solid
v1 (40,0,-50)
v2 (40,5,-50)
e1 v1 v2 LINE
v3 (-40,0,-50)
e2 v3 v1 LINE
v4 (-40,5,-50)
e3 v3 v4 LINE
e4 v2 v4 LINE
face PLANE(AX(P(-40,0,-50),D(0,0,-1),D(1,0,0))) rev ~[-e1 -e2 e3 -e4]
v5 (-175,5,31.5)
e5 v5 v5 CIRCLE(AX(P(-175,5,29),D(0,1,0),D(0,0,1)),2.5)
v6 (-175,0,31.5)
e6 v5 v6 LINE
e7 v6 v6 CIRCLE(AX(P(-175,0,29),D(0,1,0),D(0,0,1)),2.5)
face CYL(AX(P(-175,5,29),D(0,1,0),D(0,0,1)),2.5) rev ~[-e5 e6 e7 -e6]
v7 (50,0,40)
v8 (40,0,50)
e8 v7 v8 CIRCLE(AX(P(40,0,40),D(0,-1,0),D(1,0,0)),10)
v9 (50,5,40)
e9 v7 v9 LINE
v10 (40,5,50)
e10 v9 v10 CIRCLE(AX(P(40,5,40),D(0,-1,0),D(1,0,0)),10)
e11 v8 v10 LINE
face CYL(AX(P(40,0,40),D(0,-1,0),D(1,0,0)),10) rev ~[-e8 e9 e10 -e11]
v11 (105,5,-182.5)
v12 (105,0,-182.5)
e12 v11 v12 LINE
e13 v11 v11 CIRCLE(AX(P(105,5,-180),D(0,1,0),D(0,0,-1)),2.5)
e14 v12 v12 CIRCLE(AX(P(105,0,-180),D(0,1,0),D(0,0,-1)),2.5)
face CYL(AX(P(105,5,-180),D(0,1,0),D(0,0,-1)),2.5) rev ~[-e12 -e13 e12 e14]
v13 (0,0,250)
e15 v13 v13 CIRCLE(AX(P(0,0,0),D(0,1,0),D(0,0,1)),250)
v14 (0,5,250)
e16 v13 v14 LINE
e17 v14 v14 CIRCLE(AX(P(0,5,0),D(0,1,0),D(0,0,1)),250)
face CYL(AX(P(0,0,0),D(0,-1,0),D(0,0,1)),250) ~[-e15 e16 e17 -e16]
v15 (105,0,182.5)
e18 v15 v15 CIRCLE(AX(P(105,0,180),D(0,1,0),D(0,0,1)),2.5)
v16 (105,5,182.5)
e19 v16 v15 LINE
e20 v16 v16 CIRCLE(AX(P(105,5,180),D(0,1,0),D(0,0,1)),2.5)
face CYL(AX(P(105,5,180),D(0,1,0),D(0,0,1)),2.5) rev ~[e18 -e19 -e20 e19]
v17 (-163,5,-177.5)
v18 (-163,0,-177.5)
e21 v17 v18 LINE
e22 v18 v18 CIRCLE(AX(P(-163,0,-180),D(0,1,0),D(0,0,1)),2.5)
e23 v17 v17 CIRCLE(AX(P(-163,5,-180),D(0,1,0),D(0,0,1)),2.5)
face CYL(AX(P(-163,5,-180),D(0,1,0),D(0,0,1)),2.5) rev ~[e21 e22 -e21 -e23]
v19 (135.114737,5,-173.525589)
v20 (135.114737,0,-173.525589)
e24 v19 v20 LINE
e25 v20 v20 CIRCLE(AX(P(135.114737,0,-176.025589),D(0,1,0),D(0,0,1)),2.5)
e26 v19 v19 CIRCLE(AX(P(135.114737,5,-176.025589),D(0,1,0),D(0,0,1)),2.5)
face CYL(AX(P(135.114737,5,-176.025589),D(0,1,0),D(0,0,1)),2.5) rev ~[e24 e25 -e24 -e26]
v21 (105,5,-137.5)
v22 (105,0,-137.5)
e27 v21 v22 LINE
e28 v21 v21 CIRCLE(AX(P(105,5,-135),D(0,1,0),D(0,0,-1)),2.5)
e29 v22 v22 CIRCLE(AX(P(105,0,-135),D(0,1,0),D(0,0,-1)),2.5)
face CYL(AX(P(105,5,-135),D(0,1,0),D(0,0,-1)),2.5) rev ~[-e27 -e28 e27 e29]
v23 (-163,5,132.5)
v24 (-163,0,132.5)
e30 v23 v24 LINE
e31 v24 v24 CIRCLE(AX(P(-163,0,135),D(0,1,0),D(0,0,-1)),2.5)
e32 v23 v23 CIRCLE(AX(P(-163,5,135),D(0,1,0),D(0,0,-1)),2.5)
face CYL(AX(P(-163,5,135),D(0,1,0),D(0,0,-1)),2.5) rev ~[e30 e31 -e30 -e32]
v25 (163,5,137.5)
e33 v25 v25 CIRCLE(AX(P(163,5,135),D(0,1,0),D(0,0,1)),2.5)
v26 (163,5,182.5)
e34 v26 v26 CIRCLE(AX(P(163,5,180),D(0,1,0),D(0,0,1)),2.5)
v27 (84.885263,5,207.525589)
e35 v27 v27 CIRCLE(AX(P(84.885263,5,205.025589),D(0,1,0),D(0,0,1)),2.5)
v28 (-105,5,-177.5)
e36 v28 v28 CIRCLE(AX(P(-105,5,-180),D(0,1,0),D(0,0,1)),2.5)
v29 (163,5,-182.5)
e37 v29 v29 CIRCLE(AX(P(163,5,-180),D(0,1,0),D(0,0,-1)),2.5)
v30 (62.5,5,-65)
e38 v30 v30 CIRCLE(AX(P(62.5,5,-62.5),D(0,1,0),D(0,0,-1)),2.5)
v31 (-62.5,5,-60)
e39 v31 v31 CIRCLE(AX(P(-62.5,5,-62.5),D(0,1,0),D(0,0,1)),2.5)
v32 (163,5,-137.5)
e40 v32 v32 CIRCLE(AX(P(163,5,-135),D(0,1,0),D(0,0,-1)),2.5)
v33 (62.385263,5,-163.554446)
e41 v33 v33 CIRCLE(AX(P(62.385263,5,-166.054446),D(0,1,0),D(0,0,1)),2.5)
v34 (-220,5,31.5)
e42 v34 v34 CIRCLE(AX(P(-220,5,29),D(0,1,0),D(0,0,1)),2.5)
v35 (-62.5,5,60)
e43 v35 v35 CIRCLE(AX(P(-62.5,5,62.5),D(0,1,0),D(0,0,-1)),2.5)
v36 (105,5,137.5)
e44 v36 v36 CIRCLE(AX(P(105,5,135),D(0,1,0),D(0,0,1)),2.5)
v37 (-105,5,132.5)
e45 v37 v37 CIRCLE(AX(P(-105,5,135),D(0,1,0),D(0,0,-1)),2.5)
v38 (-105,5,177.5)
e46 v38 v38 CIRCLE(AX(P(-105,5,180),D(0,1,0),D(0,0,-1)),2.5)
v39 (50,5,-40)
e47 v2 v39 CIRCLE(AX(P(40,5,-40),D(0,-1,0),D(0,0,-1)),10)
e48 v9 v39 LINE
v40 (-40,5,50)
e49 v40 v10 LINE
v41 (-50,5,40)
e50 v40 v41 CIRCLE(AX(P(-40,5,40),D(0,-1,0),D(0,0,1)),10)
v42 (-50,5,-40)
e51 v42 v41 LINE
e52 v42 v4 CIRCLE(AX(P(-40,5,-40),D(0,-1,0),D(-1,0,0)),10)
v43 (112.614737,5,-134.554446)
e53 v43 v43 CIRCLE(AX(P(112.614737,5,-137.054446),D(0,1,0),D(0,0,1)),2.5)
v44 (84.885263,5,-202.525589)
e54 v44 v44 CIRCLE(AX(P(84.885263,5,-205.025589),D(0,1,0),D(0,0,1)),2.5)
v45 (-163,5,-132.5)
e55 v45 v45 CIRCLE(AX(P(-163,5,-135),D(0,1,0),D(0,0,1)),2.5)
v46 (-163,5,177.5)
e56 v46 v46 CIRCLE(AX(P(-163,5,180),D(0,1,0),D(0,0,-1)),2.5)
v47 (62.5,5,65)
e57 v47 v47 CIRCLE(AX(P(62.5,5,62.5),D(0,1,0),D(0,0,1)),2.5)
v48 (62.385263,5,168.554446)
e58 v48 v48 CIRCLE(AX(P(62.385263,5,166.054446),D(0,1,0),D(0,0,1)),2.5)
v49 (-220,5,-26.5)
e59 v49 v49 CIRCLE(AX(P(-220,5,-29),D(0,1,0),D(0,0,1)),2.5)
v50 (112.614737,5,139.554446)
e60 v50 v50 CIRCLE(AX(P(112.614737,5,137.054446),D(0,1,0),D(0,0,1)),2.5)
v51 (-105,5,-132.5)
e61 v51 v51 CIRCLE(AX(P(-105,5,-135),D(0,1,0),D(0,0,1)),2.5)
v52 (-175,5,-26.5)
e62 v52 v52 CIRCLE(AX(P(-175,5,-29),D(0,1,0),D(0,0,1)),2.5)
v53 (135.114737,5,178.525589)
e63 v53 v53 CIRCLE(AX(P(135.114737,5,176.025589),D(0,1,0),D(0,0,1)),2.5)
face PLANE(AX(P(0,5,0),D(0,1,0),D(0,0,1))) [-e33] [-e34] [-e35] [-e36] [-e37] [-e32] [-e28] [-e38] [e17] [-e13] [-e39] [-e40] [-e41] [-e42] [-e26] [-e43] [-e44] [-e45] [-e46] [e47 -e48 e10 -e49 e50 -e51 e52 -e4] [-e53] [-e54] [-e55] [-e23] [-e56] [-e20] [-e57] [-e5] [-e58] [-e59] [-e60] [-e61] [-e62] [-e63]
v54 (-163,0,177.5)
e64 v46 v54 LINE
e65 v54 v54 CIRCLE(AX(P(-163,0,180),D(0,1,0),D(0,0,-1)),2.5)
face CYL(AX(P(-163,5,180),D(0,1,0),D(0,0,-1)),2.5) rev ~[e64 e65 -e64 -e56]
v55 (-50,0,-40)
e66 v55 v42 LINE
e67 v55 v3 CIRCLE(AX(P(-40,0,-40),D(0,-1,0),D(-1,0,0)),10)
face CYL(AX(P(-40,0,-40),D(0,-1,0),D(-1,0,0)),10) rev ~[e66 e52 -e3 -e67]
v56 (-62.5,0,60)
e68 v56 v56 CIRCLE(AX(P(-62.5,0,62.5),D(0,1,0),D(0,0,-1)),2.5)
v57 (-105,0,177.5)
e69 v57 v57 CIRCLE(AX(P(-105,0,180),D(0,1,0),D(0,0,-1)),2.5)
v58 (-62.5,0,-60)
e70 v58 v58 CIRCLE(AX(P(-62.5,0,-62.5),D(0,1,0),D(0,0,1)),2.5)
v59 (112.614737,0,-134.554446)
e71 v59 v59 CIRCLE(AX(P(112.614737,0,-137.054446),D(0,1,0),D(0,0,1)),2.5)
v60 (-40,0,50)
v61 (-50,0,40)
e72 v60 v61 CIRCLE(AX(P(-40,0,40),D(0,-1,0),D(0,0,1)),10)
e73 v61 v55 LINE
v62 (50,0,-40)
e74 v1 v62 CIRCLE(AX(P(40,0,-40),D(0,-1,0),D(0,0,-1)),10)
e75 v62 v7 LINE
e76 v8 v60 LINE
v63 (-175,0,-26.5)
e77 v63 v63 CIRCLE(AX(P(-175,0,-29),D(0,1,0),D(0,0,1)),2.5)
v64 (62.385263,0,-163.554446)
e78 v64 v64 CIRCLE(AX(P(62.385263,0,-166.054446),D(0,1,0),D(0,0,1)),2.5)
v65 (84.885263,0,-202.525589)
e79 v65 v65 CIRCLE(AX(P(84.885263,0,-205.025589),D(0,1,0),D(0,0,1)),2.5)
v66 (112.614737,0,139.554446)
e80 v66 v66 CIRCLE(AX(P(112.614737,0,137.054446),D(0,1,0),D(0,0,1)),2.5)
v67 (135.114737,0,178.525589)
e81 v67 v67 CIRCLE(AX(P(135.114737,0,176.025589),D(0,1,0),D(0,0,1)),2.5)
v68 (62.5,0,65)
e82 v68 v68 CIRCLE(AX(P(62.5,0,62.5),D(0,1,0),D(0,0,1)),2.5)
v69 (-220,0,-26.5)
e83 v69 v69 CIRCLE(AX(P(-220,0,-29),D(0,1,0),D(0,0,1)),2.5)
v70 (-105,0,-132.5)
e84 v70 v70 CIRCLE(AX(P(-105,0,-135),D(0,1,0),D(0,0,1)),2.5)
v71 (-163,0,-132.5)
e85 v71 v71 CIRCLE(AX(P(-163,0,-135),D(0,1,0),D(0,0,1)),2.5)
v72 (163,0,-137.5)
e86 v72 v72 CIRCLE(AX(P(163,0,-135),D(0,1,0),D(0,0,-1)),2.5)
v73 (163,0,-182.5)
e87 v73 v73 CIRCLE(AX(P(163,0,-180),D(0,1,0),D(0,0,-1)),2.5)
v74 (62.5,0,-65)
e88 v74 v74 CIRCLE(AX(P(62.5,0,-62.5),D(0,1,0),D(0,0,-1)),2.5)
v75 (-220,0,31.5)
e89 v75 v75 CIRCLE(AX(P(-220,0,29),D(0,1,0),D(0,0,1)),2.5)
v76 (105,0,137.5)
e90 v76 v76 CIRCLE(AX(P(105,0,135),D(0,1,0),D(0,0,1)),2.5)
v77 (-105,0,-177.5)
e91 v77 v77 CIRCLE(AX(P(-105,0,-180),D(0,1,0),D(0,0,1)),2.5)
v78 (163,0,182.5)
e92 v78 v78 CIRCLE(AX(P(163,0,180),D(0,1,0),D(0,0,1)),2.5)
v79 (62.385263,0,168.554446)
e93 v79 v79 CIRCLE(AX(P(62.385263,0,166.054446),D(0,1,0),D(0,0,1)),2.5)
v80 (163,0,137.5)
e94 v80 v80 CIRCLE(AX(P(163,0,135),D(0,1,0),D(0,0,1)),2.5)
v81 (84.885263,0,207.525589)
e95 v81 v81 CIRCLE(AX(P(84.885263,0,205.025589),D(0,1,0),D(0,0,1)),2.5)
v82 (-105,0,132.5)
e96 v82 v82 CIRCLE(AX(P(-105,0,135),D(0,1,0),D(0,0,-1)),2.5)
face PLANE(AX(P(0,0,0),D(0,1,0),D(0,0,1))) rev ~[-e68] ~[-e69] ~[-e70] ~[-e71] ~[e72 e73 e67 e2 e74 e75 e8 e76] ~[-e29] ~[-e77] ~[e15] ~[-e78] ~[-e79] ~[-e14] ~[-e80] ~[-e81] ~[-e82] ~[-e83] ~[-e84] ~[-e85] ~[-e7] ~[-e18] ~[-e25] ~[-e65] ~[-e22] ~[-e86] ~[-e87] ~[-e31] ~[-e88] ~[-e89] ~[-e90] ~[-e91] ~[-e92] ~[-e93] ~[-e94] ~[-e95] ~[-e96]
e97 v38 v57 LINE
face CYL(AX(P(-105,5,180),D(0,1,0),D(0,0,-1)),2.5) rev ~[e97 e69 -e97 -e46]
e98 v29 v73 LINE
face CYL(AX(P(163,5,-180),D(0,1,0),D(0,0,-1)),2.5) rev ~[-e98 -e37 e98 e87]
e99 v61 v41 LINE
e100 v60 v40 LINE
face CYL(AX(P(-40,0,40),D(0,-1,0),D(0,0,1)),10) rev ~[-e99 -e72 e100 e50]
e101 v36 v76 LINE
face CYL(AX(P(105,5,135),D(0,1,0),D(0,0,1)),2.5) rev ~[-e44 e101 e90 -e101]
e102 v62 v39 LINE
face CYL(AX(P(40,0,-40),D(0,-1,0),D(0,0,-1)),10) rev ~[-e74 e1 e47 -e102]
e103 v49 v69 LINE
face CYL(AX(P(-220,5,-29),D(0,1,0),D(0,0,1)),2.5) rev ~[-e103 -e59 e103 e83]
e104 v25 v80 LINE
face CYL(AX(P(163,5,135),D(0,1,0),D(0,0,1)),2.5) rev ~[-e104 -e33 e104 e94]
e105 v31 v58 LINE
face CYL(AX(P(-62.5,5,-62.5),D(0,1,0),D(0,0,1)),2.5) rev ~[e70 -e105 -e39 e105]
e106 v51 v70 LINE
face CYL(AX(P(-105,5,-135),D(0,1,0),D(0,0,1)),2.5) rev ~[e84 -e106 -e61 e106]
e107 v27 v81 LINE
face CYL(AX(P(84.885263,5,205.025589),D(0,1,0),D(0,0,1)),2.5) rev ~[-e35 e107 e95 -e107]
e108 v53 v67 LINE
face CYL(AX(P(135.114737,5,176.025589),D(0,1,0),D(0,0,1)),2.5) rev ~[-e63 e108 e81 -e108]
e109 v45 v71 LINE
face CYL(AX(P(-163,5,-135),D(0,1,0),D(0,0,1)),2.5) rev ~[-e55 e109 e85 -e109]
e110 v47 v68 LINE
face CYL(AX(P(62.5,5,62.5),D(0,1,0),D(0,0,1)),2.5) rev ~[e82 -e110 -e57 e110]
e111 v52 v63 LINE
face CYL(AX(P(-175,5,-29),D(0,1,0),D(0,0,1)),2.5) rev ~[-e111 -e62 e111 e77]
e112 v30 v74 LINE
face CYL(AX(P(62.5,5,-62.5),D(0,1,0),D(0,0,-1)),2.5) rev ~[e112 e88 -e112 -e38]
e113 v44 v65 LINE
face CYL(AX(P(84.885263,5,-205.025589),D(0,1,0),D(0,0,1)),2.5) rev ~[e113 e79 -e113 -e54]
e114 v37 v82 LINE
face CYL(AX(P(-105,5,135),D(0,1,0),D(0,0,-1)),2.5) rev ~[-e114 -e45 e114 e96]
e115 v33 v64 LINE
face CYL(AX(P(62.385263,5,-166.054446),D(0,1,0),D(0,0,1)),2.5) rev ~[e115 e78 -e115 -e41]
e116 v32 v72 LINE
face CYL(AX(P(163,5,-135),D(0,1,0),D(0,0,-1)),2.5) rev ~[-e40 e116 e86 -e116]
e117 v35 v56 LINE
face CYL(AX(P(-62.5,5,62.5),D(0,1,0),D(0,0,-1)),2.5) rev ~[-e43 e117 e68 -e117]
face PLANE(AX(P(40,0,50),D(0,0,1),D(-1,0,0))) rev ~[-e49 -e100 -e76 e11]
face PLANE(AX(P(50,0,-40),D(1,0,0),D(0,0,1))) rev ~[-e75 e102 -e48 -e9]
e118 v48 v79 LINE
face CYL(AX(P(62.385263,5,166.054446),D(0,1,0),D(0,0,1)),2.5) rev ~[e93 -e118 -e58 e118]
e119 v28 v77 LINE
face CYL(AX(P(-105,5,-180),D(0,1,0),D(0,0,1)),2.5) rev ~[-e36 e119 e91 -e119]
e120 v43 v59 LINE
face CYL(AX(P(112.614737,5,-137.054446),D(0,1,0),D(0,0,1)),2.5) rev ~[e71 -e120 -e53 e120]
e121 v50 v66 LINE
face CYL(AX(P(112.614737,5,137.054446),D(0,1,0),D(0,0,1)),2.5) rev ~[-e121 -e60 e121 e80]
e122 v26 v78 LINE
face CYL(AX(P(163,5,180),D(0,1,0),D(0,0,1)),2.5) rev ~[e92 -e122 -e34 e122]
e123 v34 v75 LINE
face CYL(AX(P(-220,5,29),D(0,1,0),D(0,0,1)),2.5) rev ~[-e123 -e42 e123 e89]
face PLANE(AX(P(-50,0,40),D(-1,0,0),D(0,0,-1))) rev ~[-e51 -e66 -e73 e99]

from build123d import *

# Parameters (mm, degrees)
SKETCH_1_R          = 250
EXTRUDE_1_DEPTH     = 5
SKETCH_2_R          = 2.5
CUT_EXTRUDE_1_DEPTH = 354.588744165
SKETCH_3_R          = 2.5
CUT_EXTRUDE_2_DEPTH = 354.588744165
CUT_EXTRUDE4_DEPTH  = 354.588744165


with BuildPart() as part:
    # 草图1 → 凸台-拉伸1 (new body)
    with BuildSketch(Plane(origin=(0, 0, 0), x_dir=(1, 0, 0), z_dir=(0, 1, 0))):
        Circle(SKETCH_1_R)
    extrude(amount=EXTRUDE_1_DEPTH)

    # 草图2 → 切除-拉伸1 (cut, through all)
    with BuildSketch(Plane(origin=(0, 5, 0), x_dir=(1, 0, 0), z_dir=(0, 1, 0))):
        with Locations((-220, -29)):
            Circle(SKETCH_2_R)
        with Locations((-220, 29)):
            Circle(SKETCH_2_R)
        with Locations((-175, -29)):
            Circle(SKETCH_2_R)
        with Locations((-175, 29)):
            Circle(SKETCH_2_R)
        with Locations((84.88526329, 205.025588833)):
            Circle(SKETCH_2_R)
        with Locations((135.11473671, 176.025588833)):
            Circle(SKETCH_2_R)
        with Locations((62.38526329, 166.054445662)):
            Circle(SKETCH_2_R)
        with Locations((112.61473671, 137.054445662)):
            Circle(SKETCH_2_R)
        with Locations((135.11473671, -176.025588833)):
            Circle(SKETCH_2_R)
        with Locations((84.88526329, -205.025588833)):
            Circle(SKETCH_2_R)
        with Locations((112.61473671, -137.054445662)):
            Circle(SKETCH_2_R)
        with Locations((62.38526329, -166.054445662)):
            Circle(SKETCH_2_R)
    extrude(amount=-CUT_EXTRUDE_1_DEPTH, mode=Mode.SUBTRACT)

    # 草图3 → 切除-拉伸2 (cut, through all)
    with BuildSketch(Plane(origin=(0, 5, 0), x_dir=(1, 0, 0), z_dir=(0, 1, 0))):
        with Locations((163, 135)):
            Circle(SKETCH_3_R)
        with Locations((105, 135)):
            Circle(SKETCH_3_R)
        with Locations((105, 180)):
            Circle(SKETCH_3_R)
        with Locations((163, 180)):
            Circle(SKETCH_3_R)
        with Locations((-163, 180)):
            Circle(SKETCH_3_R)
        with Locations((-105, 180)):
            Circle(SKETCH_3_R)
        with Locations((-105, 135)):
            Circle(SKETCH_3_R)
        with Locations((-163, 135)):
            Circle(SKETCH_3_R)
        with Locations((-163, -135)):
            Circle(SKETCH_3_R)
        with Locations((-105, -135)):
            Circle(SKETCH_3_R)
        with Locations((-105, -180)):
            Circle(SKETCH_3_R)
        with Locations((-163, -180)):
            Circle(SKETCH_3_R)
        with Locations((163, -180)):
            Circle(SKETCH_3_R)
        with Locations((105, -180)):
            Circle(SKETCH_3_R)
        with Locations((105, -135)):
            Circle(SKETCH_3_R)
        with Locations((163, -135)):
            Circle(SKETCH_3_R)
        with Locations((-62.5, 62.5)):
            Circle(SKETCH_3_R)
        with Locations((62.5, 62.5)):
            Circle(SKETCH_3_R)
        with Locations((62.5, -62.5)):
            Circle(SKETCH_3_R)
        with Locations((-62.5, -62.5)):
            Circle(SKETCH_3_R)
    extrude(amount=-CUT_EXTRUDE_2_DEPTH, mode=Mode.SUBTRACT)

    # Sketch2 → Cut-Extrude4 (cut, through all)
    with BuildSketch(Plane.XZ):
        with BuildLine():
            Line((-50, 40), (-50, -40))
            ThreePointArc((-50, -40), (-47.071067812, -47.071067812), (-40, -50))
            Line((-40, -50), (40, -50))
            ThreePointArc((40, -50), (47.071067812, -47.071067812), (50, -40))
            Line((50, -40), (50, 40))
            ThreePointArc((50, 40), (47.071067812, 47.071067812), (40, 50))
            Line((40, 50), (-40, 50))
            ThreePointArc((-40, 50), (-47.071067812, 47.071067812), (-50, 40))
        make_face()
    extrude(amount=-CUT_EXTRUDE4_DEPTH, mode=Mode.SUBTRACT)


solid = part.part
